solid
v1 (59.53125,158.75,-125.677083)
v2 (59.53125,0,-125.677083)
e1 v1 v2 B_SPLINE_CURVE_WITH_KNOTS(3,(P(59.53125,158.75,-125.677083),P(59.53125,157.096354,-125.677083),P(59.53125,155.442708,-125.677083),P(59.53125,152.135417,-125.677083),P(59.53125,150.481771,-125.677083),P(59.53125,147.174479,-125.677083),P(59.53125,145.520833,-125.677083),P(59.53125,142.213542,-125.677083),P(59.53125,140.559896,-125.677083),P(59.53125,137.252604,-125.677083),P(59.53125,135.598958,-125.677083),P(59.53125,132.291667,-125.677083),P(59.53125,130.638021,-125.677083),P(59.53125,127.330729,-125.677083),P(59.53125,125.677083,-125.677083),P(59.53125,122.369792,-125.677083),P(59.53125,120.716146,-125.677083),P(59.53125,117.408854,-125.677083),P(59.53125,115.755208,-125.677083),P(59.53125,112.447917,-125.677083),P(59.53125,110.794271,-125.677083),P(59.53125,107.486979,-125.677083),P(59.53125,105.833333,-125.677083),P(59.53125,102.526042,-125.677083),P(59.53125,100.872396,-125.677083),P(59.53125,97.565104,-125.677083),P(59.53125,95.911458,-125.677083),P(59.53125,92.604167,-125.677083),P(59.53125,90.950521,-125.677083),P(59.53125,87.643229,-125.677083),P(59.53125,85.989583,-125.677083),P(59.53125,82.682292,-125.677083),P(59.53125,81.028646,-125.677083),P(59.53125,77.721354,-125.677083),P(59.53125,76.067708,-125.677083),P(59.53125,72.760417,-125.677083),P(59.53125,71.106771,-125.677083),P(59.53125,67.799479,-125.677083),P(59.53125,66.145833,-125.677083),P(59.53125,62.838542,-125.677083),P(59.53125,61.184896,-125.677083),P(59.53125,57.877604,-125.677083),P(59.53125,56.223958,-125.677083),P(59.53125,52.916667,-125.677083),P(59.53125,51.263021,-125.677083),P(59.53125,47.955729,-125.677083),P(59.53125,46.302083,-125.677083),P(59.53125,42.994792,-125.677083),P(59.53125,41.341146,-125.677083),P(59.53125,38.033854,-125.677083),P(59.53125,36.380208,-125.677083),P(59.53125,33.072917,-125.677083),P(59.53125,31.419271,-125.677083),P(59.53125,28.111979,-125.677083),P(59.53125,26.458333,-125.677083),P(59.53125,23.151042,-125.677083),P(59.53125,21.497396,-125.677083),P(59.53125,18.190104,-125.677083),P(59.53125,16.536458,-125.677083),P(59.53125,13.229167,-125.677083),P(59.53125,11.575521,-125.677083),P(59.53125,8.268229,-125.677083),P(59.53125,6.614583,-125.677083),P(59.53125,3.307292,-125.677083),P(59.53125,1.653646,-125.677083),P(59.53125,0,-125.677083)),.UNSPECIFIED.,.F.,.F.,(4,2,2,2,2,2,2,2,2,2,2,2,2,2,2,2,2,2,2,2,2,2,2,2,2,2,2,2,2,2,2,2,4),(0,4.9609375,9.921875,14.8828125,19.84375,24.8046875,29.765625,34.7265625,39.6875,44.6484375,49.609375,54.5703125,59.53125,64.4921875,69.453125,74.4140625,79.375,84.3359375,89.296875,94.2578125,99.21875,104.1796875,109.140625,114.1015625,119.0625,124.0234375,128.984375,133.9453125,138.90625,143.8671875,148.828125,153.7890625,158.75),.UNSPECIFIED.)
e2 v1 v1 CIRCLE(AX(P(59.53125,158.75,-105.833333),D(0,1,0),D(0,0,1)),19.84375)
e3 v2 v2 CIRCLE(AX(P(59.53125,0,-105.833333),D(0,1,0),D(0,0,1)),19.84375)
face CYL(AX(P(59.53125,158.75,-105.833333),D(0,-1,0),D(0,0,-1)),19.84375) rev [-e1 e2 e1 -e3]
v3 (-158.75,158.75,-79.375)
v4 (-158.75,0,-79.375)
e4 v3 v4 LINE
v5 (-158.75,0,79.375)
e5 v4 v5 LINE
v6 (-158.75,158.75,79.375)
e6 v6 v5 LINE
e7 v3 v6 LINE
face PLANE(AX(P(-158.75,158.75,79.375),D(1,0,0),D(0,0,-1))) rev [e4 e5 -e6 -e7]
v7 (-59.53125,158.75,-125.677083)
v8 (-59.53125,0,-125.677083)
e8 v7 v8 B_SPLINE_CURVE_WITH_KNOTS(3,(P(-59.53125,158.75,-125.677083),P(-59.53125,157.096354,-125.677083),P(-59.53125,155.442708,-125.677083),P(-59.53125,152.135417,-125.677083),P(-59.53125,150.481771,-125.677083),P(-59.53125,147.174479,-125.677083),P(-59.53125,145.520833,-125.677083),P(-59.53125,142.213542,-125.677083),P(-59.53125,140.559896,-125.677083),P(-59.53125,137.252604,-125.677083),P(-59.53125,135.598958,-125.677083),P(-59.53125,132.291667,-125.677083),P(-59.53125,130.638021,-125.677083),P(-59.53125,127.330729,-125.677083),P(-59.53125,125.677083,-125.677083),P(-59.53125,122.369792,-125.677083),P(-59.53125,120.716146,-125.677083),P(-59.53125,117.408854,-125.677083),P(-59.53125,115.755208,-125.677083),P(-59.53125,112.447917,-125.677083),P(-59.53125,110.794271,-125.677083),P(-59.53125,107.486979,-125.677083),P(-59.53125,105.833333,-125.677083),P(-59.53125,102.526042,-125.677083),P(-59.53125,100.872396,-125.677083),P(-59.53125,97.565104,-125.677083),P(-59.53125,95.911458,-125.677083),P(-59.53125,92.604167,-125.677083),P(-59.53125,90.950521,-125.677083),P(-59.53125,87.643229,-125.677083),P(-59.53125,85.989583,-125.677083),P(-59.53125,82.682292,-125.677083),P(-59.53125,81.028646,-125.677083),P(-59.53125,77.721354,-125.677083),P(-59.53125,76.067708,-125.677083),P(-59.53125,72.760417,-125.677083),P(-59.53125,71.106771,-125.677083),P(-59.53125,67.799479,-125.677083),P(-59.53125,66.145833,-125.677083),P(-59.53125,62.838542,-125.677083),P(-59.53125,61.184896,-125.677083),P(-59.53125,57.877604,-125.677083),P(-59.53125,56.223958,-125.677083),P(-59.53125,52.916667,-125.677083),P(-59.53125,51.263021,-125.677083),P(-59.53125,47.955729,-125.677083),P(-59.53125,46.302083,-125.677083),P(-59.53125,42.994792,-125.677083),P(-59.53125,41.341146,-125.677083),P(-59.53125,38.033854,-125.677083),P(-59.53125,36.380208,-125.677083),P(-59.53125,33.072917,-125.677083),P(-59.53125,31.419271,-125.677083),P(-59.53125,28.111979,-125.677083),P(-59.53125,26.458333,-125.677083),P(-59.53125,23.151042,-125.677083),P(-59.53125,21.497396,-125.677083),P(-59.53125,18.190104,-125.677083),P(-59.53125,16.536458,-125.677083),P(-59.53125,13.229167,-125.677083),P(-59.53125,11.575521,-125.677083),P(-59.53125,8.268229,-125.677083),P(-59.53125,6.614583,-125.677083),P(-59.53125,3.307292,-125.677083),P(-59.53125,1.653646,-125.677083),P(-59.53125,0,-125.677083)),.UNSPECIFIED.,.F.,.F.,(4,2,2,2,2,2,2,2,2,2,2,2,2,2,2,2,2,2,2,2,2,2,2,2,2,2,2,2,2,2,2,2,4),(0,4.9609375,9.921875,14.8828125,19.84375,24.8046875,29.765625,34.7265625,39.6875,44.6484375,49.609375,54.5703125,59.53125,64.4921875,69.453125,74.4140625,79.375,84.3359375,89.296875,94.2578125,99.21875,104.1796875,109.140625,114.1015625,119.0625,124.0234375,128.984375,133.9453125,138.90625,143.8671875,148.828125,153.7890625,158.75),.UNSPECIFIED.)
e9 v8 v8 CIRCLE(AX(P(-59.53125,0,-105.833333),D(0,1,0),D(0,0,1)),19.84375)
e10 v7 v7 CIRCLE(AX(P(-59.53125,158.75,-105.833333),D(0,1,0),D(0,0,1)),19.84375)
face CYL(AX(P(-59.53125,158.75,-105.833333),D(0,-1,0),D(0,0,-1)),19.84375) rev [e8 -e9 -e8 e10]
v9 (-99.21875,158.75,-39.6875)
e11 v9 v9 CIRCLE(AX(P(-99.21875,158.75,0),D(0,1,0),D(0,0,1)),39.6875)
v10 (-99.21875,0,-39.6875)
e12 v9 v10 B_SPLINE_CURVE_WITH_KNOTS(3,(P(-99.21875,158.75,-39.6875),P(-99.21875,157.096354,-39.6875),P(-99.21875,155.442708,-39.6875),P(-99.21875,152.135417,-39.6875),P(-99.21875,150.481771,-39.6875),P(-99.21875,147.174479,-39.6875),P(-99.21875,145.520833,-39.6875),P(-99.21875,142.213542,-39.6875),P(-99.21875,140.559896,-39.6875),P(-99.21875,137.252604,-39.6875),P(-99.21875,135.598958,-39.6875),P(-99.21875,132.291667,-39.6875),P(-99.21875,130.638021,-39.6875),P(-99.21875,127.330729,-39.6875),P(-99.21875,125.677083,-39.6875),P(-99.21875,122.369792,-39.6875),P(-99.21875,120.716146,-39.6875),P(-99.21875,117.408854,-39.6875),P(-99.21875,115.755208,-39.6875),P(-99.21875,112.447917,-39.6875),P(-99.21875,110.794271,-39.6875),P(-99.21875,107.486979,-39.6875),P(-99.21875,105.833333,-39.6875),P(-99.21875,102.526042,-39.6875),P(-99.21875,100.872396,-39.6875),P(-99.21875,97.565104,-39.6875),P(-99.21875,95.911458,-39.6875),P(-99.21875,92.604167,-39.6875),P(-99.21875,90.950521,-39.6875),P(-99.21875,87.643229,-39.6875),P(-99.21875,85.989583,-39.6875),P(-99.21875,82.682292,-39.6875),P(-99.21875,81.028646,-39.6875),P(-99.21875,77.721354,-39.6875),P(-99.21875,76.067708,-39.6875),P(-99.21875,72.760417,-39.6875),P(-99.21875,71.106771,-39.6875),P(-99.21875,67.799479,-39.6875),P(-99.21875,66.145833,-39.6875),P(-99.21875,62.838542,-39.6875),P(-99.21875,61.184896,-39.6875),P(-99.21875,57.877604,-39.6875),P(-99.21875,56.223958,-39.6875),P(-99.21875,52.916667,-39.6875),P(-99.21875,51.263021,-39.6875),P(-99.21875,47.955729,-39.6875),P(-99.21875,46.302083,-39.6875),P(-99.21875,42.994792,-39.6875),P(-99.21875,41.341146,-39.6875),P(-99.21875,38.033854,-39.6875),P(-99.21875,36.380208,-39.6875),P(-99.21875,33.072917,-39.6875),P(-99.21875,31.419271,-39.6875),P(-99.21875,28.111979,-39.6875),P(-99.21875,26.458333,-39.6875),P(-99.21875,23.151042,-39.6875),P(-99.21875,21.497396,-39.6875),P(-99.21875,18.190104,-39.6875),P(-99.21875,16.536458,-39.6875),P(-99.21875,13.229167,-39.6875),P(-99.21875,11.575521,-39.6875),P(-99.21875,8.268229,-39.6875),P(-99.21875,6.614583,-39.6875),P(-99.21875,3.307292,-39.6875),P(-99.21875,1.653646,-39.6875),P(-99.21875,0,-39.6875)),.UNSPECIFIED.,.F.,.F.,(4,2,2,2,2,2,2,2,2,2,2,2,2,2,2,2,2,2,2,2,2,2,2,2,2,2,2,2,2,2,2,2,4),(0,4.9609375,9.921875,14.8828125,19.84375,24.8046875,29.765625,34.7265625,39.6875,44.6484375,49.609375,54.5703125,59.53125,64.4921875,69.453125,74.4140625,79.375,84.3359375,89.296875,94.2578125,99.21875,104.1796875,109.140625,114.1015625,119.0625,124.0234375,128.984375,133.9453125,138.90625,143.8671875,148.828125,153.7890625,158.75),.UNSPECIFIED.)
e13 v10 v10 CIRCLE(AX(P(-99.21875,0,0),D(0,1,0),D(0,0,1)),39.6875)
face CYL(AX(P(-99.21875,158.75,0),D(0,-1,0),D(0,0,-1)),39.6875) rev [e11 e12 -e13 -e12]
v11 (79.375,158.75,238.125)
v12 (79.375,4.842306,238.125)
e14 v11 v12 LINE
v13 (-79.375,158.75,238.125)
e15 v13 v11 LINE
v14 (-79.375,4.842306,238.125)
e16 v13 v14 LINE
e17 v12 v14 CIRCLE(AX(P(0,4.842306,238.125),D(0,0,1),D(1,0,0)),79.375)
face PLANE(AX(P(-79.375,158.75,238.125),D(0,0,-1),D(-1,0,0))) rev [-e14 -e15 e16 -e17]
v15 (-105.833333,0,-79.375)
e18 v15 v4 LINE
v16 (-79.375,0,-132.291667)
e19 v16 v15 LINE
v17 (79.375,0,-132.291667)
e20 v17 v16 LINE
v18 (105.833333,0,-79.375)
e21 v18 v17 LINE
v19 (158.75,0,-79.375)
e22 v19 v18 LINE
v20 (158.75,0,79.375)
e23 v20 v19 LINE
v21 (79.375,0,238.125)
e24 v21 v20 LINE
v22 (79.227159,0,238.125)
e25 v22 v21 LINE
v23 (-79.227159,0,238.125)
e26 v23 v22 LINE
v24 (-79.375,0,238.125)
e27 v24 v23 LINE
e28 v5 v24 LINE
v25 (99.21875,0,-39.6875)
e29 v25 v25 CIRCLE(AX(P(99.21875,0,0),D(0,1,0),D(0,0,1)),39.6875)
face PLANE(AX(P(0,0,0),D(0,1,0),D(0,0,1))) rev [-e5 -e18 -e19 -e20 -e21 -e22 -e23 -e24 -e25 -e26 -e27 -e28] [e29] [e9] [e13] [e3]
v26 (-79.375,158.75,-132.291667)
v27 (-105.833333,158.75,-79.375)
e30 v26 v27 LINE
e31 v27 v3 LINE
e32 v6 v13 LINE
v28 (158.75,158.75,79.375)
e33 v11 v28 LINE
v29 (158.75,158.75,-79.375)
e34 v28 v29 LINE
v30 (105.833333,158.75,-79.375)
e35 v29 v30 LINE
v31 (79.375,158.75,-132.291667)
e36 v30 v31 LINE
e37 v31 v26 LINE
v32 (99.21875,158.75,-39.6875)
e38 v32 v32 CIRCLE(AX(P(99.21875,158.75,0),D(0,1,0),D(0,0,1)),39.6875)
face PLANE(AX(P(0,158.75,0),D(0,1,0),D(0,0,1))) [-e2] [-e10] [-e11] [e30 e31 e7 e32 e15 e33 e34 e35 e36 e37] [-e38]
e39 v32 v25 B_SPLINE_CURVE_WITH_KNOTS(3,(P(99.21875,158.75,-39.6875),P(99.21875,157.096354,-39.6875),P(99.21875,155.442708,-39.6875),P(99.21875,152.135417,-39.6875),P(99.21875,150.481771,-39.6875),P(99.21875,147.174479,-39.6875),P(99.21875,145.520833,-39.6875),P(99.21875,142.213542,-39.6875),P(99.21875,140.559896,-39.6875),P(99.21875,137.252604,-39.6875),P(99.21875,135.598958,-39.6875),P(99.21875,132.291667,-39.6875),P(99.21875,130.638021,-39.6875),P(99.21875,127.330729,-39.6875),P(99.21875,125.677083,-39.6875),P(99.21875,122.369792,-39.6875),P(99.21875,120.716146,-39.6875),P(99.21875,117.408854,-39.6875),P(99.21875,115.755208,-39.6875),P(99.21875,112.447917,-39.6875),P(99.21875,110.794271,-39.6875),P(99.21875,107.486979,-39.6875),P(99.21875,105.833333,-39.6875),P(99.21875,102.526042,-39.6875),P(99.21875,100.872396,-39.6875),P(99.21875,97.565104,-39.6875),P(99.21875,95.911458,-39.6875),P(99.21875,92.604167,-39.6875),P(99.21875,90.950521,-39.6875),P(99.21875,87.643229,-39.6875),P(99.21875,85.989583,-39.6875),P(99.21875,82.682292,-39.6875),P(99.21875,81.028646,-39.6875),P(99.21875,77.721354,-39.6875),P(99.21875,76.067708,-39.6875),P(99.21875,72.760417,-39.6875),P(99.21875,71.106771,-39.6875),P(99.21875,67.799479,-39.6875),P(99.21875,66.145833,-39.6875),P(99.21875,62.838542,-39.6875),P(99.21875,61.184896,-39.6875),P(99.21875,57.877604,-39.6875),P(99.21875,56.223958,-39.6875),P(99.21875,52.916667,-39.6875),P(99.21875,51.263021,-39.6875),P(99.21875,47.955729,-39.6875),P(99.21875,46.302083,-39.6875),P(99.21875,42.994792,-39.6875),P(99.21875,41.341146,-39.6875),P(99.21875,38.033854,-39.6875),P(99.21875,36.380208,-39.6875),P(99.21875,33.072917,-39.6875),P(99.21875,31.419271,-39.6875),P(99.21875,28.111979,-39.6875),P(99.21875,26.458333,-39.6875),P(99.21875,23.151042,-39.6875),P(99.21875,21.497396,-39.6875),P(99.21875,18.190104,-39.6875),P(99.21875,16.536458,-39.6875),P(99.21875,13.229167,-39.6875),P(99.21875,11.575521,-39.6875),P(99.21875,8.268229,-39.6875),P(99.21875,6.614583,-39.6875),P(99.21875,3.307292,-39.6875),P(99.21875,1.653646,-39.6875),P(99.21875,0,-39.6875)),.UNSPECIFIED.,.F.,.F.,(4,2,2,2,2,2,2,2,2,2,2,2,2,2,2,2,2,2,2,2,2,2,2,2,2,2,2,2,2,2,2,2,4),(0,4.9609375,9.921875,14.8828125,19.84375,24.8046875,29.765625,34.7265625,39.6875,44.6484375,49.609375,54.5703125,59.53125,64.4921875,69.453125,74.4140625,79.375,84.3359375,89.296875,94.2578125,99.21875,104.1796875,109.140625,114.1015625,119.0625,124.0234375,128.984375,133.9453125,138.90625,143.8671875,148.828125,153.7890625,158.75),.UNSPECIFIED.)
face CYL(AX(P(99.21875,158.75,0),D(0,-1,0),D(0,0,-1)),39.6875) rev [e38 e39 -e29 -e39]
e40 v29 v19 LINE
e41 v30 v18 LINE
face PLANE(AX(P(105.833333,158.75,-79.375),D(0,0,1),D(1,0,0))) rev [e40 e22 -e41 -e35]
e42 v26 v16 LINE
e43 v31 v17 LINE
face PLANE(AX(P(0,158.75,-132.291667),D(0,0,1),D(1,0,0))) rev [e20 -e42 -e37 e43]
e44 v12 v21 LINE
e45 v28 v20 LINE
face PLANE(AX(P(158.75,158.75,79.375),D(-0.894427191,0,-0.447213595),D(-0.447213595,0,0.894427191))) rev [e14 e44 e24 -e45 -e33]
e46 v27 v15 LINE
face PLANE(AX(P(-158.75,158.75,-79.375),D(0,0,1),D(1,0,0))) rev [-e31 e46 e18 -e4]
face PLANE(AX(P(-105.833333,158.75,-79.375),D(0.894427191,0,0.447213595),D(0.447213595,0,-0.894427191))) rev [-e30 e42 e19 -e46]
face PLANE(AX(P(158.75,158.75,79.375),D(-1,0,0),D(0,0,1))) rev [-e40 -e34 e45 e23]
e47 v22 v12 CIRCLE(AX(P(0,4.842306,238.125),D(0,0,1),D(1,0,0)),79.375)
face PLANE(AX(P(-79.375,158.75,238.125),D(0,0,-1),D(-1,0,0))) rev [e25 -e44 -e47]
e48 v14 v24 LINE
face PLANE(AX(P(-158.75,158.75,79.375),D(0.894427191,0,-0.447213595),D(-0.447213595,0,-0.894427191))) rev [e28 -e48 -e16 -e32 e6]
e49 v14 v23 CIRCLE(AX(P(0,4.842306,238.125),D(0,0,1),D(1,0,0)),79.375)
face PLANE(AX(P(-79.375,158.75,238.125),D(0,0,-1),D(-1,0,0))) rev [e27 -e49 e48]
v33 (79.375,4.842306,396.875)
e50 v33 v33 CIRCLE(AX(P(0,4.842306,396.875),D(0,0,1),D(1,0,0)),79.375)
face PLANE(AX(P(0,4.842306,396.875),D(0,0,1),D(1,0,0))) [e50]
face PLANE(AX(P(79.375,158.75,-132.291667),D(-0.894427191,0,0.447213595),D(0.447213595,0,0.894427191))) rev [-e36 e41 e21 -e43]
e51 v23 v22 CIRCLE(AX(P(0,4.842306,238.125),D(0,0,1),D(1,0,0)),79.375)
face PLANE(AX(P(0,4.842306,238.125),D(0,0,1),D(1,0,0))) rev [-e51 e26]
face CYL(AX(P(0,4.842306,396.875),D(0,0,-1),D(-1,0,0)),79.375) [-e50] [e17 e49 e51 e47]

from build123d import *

# Parameters (mm, degrees)
SKETCH1_R           = 39.6875
SKETCH1_R_2         = 19.84375
BOSS_EXTRUDE1_DEPTH = 158.75
SKETCH2_R           = 79.375
BOSS_EXTRUDE2_DEPTH = 158.75


with BuildPart() as part:
    # Sketch1 → Boss-Extrude1 (new body)
    with BuildSketch(Plane(origin=(0, 0, 0), x_dir=(1, 0, 0), z_dir=(0, 1, 0))):
        Polygon((158.75, -79.375), (79.375, -238.125), (-79.375, -238.125), (-158.75, -79.375), (-158.75, 79.375), (-105.833333333, 79.375), (-79.375, 132.291666667), (0, 132.291666667), (79.375, 132.291666667), (105.833333333, 79.375), (158.75, 79.375), align=None)
        with Locations(Location((-99.21875, 0, 0), (0, 0, 90))):
            Circle(SKETCH1_R, mode=Mode.SUBTRACT)
        with Locations(Location((99.21875, 0, 0), (0, 0, 90))):
            Circle(SKETCH1_R, mode=Mode.SUBTRACT)
        with Locations(Location((-59.53125, 105.833333333, 0), (0, 0, 90))):
            Circle(SKETCH1_R_2, mode=Mode.SUBTRACT)
        with Locations(Location((59.53125, 105.833333333, 0), (0, 0, 90))):
            Circle(SKETCH1_R_2, mode=Mode.SUBTRACT)
    extrude(amount=BOSS_EXTRUDE1_DEPTH)

    # Sketch2 → Boss-Extrude2 (add)
    with BuildSketch(Plane.XY.offset(238.125)):
        with Locations((0, 4.842306375)):
            Circle(SKETCH2_R)
    extrude(amount=BOSS_EXTRUDE2_DEPTH)


solid = part.part
